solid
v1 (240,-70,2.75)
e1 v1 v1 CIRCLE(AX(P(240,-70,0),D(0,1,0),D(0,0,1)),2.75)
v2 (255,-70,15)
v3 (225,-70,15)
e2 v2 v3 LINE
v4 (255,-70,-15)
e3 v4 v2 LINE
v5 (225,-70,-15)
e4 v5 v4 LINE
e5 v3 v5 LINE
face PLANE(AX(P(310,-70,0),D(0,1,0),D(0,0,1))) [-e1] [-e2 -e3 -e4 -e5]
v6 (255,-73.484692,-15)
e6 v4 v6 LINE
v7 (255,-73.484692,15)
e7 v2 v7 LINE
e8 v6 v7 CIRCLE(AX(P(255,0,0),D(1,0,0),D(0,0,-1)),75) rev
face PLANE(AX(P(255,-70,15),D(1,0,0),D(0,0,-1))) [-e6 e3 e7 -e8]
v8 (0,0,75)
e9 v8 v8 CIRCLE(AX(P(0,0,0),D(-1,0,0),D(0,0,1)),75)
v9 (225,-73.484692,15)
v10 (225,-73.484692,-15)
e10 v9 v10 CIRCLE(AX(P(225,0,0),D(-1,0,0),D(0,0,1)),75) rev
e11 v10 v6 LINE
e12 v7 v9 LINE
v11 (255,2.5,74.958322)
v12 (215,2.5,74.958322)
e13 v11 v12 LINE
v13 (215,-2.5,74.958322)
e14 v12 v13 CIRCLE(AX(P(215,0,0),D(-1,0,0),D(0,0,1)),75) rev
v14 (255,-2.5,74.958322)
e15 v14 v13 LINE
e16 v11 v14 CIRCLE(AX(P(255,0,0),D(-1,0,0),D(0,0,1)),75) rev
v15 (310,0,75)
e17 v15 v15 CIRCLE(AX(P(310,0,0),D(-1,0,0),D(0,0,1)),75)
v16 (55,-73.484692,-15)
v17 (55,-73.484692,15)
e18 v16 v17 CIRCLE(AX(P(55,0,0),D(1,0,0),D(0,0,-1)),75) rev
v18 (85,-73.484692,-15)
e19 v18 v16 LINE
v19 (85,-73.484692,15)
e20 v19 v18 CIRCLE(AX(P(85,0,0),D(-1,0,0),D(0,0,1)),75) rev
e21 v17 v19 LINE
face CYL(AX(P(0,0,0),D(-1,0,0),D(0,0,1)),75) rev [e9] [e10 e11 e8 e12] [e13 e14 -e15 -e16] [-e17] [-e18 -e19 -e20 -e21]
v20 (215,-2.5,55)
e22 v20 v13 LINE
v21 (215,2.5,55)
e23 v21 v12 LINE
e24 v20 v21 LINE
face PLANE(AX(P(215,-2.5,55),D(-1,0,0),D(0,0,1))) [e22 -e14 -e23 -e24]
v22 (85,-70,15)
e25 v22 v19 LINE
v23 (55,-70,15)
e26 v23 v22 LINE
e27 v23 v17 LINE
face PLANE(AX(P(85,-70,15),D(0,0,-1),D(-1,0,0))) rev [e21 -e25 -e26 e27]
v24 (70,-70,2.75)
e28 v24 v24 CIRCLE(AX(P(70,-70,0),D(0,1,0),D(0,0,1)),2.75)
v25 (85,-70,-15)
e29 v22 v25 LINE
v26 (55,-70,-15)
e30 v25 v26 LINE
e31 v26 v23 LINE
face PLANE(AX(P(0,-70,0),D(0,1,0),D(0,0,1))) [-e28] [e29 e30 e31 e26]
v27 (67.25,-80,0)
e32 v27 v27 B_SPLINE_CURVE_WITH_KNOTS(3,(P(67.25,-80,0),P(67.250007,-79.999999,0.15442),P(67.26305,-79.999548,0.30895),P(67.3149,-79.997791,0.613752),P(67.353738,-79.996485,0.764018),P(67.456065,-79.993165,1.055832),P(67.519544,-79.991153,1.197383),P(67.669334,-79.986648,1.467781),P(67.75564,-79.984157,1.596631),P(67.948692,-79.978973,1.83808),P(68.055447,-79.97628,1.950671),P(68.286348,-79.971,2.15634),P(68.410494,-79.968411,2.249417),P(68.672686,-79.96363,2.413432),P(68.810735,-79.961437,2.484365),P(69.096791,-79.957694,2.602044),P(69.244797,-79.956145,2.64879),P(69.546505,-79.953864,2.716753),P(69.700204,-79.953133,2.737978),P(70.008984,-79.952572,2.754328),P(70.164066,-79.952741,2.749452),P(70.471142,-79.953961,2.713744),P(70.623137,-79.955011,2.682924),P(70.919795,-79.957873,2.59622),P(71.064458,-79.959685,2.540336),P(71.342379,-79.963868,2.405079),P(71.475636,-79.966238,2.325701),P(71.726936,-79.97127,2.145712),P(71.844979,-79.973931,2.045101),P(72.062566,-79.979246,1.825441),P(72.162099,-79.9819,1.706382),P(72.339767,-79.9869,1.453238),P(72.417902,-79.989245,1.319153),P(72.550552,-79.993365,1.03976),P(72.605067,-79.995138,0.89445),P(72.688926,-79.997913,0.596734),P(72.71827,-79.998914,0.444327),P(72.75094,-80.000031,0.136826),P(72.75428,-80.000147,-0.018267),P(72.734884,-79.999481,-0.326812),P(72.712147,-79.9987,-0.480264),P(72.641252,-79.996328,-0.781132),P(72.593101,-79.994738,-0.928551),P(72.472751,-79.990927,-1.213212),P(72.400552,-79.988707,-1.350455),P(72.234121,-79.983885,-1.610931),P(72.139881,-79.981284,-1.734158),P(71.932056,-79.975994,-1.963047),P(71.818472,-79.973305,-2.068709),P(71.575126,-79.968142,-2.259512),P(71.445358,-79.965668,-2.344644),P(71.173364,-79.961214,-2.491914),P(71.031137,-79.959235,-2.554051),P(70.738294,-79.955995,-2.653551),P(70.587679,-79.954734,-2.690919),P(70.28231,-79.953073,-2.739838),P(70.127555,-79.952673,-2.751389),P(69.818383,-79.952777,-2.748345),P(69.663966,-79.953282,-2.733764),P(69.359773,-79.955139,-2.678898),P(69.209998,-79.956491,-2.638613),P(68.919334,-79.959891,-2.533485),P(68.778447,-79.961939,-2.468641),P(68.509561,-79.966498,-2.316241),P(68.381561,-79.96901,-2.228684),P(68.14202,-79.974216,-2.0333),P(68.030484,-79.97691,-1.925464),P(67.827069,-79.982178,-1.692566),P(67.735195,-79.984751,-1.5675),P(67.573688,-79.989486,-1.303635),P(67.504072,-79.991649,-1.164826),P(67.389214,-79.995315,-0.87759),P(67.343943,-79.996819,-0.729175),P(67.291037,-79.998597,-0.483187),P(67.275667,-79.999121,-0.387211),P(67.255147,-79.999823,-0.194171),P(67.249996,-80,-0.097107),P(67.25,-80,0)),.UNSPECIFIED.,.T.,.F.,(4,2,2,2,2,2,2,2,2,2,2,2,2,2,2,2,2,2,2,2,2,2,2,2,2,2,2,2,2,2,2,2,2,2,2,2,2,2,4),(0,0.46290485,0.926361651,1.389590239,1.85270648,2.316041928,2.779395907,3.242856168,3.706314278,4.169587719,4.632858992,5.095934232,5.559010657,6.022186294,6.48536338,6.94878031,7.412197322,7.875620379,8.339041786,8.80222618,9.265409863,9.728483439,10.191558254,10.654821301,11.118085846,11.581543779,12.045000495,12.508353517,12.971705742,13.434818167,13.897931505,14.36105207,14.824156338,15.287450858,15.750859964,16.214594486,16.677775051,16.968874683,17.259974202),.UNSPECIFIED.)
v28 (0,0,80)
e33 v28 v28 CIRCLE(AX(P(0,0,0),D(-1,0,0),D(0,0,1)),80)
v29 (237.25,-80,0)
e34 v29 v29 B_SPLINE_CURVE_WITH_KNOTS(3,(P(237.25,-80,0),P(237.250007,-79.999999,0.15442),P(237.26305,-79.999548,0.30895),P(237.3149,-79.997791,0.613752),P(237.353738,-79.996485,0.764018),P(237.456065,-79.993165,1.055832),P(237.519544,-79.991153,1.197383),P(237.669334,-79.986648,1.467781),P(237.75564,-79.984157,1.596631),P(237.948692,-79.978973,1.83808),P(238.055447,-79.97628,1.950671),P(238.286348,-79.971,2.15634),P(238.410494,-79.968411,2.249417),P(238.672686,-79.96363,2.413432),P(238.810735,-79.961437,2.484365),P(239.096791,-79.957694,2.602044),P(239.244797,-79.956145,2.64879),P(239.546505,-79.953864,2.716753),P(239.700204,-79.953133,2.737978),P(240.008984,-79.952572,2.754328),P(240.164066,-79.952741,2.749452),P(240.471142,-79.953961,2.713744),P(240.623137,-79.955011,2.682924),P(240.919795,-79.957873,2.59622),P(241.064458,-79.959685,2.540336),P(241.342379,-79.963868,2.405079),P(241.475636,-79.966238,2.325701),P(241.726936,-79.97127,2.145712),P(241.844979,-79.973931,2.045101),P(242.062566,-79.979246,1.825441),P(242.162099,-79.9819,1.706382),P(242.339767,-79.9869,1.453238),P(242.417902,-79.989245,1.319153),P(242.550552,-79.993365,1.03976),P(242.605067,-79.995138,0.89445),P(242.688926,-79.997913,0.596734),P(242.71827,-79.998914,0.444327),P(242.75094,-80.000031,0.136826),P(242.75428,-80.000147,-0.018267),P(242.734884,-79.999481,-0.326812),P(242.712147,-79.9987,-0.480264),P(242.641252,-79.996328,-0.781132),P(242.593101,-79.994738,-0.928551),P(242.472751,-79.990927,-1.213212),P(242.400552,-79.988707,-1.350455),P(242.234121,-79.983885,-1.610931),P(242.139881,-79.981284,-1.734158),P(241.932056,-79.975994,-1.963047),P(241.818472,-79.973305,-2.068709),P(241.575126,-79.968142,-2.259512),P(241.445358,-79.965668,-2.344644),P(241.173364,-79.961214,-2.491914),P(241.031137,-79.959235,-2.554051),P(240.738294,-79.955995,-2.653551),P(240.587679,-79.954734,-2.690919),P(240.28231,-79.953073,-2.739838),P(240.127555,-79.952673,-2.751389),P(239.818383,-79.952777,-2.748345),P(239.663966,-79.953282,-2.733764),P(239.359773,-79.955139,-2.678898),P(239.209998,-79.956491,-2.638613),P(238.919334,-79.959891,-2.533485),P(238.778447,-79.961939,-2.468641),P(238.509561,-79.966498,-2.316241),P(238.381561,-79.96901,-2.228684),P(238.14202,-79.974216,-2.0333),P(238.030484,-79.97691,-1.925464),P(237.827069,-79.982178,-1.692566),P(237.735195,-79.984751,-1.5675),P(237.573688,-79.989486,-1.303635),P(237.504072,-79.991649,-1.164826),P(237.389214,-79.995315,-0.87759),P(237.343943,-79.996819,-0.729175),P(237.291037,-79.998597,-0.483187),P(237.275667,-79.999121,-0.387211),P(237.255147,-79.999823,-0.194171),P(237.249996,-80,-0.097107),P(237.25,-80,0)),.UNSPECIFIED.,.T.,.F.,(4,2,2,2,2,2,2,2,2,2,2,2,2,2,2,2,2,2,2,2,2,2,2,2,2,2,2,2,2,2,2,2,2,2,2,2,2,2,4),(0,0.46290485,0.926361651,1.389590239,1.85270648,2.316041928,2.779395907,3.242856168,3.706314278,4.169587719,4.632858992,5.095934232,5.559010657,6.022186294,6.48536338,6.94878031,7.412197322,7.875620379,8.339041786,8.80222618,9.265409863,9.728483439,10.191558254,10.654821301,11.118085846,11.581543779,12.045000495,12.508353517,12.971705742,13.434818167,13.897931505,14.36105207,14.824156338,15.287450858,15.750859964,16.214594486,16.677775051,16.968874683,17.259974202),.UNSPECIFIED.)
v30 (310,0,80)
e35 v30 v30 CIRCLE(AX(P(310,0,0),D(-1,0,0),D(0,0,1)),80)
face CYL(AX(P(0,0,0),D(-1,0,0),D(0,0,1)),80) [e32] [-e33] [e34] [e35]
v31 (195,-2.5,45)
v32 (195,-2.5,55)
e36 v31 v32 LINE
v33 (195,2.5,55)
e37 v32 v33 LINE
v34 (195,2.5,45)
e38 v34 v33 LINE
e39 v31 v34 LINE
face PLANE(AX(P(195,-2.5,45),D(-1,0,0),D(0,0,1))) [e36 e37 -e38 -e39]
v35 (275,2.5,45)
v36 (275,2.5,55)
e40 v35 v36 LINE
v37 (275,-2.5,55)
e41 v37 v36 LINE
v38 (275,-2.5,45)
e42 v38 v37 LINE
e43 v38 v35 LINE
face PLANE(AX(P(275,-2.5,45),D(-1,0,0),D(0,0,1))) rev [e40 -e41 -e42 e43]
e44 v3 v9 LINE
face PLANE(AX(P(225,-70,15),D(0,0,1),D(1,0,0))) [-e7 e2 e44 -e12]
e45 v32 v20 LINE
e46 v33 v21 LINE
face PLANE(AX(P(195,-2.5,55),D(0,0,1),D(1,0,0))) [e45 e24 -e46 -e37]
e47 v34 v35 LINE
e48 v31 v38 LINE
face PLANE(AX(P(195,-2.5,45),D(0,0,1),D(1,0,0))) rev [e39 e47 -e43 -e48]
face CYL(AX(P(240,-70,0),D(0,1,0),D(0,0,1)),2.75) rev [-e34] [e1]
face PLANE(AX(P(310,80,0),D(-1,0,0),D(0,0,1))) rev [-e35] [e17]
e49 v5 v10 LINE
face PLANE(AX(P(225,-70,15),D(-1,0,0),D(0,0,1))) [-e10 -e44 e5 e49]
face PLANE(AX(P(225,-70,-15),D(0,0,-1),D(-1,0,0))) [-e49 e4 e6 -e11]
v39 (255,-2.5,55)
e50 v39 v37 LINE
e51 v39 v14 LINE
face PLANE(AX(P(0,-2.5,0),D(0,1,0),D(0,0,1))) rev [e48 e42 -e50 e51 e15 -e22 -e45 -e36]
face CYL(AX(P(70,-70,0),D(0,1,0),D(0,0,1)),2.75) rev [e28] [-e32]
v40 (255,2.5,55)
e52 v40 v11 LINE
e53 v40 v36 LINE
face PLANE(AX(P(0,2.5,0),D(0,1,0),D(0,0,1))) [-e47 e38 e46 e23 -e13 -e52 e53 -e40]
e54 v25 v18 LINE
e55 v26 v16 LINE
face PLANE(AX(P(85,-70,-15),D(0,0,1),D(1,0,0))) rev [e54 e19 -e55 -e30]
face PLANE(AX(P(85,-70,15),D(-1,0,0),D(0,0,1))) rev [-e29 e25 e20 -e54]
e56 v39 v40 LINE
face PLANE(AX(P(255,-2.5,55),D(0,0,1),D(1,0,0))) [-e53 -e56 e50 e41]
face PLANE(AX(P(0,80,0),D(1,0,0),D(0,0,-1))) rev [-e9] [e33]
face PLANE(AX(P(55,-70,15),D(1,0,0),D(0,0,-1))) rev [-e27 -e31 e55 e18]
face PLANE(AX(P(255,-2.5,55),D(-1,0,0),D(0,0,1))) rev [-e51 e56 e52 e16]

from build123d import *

# Parameters (mm, degrees)
SKIZZE1_W                            = 310
SKIZZE1_H                            = 5
AUFSATZ_LINEAR_AUSTRAGEN1_DEPTH      = 2.5
AUFSATZ_LINEAR_AUSTRAGEN1_DEPTH_BACK = 2.5
SKIZZE5_W                            = 30
SKIZZE5_H                            = 30
AUFSATZ_LINEAR_AUSTRAGEN2_DEPTH      = 5
DURCHGANGSLOCH_F_R_M51_D             = 5.5
DURCHGANGSLOCH_F_R_M51_DEPTH         = 10


with BuildPart() as part:
    # Skizze1 → Rotation1 (revolve)
    with BuildSketch(Plane.XY, mode=Mode.PRIVATE) as rotation1_sk:
        with Locations((155, 77.5)):
            Rectangle(SKIZZE1_W, SKIZZE1_H)
    revolve(rotation1_sk.sketch.rotate(Axis((0, 0, 0), (1, 0, 0)), 90), axis=Axis((0, 0, 0), (1, 0, 0)))

    # Skizze3 → Aufsatz-Linear austragen1 (add, two sides: drawn at the far end of the back side and taken through both)
    with BuildSketch(Plane(origin=(0, 0, 0), x_dir=(1, 0, 0), z_dir=(0, 1, 0)).offset(-AUFSATZ_LINEAR_AUSTRAGEN1_DEPTH_BACK)):
        Polygon((255, -55), (275, -55), (275, -45), (195, -45), (195, -55), (215, -55), (215, -75), (255, -75), align=None)
    extrude(amount=AUFSATZ_LINEAR_AUSTRAGEN1_DEPTH + AUFSATZ_LINEAR_AUSTRAGEN1_DEPTH_BACK)

    # Skizze5 → Aufsatz-Linear austragen2 (add)
    with BuildSketch(Plane(origin=(0, -75, 0), x_dir=(1, 0, 0), z_dir=(0, 1, 0))):
        with Locations((70, 0)):
            Rectangle(SKIZZE5_W, SKIZZE5_H)
    aufsatz_linear_austragen2 = extrude(amount=AUFSATZ_LINEAR_AUSTRAGEN2_DEPTH)

    # Durchgangsloch für M51
    with Locations(Plane(origin=(0, -70, 0), x_dir=(1, 0, 0), z_dir=(0, 1, 0))):
        with Locations((70, 0)):
            durchgangsloch_f_r_m51 = Hole(DURCHGANGSLOCH_F_R_M51_D / 2, depth=DURCHGANGSLOCH_F_R_M51_DEPTH)

    # Spiegeln2: Aufsatz-Linear austragen2, Durchgangsloch für M51 across plane
    add(aufsatz_linear_austragen2.mirror(Plane.ZY.offset(-155)))
    add(durchgangsloch_f_r_m51.mirror(Plane.ZY.offset(-155)), mode=Mode.SUBTRACT)


solid = part.part
